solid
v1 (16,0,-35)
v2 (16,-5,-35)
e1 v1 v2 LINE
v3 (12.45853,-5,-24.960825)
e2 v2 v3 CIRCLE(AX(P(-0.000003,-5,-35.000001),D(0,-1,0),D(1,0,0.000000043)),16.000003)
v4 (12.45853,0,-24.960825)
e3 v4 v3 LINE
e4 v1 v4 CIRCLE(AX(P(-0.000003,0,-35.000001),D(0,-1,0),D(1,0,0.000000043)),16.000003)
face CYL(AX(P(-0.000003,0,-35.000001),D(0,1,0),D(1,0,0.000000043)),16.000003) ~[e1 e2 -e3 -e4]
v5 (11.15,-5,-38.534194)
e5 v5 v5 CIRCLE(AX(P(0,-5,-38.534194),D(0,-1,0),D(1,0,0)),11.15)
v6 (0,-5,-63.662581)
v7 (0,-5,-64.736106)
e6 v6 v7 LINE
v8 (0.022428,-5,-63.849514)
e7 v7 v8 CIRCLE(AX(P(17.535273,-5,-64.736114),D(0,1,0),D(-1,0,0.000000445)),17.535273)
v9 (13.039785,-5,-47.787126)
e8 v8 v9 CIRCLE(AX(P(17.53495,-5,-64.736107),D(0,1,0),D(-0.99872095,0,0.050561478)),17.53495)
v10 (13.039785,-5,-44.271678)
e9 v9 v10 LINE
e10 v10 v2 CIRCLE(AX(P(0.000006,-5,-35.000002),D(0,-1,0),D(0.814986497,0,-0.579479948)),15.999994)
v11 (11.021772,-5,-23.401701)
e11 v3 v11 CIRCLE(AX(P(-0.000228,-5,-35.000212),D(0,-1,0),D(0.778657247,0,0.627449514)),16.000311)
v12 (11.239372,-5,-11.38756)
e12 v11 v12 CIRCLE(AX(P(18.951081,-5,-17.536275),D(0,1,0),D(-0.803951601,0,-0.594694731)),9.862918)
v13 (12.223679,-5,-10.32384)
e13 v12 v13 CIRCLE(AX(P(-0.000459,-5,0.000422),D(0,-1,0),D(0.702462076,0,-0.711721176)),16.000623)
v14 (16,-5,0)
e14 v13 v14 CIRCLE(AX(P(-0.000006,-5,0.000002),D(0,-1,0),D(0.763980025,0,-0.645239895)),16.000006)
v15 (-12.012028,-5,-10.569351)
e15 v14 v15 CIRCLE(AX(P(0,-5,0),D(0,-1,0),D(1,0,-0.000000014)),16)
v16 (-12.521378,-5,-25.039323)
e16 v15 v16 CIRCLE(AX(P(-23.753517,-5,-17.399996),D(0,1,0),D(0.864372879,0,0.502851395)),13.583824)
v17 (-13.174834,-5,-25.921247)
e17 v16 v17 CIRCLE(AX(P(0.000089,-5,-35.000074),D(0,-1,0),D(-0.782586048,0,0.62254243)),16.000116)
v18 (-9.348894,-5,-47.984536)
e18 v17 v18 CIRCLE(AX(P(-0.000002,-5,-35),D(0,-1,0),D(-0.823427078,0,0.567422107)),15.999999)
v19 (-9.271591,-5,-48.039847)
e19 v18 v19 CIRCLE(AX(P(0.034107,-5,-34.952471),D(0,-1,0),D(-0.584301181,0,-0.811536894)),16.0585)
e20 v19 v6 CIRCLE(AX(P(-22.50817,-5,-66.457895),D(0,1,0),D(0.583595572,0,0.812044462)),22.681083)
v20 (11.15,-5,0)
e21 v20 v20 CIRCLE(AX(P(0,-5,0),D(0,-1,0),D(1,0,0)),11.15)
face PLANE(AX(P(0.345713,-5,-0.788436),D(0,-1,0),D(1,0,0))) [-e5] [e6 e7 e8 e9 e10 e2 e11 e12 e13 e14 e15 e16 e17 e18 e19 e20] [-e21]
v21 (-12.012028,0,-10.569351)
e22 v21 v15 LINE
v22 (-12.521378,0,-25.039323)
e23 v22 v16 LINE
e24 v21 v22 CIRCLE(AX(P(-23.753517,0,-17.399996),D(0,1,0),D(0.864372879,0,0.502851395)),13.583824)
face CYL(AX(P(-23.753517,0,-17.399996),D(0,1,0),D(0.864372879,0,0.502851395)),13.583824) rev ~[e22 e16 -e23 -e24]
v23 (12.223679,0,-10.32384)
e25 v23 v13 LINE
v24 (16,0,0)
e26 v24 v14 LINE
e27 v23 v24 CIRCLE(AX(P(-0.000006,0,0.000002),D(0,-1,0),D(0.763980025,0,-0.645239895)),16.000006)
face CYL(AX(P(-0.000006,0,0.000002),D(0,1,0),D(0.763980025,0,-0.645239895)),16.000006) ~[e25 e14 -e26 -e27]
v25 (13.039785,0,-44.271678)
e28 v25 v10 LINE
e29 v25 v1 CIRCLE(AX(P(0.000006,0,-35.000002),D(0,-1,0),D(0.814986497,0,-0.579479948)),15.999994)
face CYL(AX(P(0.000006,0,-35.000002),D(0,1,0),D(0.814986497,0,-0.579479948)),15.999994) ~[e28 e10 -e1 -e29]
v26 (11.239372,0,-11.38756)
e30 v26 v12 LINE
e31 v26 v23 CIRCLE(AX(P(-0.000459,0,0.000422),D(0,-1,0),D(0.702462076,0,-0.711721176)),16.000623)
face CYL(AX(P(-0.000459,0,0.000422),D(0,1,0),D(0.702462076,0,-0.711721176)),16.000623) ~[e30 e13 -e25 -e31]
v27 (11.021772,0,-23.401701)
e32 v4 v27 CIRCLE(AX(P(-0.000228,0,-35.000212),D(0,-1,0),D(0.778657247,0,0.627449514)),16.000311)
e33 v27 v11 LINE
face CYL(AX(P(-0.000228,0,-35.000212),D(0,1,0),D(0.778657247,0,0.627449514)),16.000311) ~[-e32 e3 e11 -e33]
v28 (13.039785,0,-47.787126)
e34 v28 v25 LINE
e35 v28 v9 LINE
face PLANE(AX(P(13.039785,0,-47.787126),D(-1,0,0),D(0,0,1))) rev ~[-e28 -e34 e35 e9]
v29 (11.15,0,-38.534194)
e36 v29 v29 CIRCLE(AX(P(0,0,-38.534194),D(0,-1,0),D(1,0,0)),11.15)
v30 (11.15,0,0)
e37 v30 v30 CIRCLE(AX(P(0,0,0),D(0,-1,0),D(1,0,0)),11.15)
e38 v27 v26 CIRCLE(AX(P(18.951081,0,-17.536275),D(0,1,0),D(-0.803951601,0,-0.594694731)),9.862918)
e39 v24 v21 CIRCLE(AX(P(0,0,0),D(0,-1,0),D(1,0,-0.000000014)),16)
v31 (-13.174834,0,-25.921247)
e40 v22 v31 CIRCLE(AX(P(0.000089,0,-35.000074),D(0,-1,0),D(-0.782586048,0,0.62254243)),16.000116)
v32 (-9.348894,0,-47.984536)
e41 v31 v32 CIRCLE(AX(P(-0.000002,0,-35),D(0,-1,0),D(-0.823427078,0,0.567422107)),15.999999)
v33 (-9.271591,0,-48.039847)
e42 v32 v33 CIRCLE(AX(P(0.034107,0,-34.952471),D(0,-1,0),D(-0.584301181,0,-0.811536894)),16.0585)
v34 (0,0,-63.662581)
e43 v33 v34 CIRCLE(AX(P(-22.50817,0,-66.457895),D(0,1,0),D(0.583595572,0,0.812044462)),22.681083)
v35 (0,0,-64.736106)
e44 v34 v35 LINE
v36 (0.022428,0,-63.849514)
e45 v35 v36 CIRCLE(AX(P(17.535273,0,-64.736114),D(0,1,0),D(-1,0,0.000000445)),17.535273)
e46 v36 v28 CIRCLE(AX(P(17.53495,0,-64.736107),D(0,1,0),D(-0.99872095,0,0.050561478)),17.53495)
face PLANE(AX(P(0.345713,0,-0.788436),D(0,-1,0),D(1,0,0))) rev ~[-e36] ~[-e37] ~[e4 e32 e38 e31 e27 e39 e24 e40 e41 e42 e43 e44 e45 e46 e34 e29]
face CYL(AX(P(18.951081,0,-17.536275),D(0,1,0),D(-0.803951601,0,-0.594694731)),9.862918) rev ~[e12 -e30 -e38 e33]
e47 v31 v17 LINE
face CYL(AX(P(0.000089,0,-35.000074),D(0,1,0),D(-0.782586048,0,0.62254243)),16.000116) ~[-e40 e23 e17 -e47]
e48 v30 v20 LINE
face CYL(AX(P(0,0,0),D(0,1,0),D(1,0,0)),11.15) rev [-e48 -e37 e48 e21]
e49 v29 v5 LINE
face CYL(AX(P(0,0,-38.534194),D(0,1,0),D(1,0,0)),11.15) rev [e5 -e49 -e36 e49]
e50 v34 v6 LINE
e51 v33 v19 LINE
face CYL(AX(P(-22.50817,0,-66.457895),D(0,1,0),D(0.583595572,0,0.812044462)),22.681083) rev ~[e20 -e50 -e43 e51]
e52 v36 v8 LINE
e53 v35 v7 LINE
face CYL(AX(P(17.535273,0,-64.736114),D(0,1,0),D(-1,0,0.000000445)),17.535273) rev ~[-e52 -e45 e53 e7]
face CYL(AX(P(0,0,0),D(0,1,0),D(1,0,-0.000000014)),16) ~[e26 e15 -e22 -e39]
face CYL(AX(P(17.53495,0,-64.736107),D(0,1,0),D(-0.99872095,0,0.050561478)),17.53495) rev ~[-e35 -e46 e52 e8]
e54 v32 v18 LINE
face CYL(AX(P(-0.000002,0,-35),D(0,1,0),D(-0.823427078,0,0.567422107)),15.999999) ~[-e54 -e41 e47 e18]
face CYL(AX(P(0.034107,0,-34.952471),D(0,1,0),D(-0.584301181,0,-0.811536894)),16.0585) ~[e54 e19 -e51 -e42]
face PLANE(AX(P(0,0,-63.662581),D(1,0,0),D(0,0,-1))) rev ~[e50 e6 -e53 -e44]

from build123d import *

# Parameters (mm, degrees)
F1_DEPTH = 5
F2_R     = 11.15
F3_DEPTH = 5
F5_COUNT = 3


with BuildPart() as f1:
    # F0 (on Front) → F1 (new body)
    with BuildSketch(Plane.XZ):
        with BuildLine():
            ThreePointArc((12.223679, -10.32384), (15.026291, -5.496414), (16, 0))
            ThreePointArc((16, 0), (-5.648343, 14.969844), (-12.012028, -10.569351))
            ThreePointArc((-12.012028, -10.569351), (-0.562686, -15.990103), (11.239372, -11.38756))
            ThreePointArc((11.239372, -11.38756), (11.711961, -10.837596), (12.223679, -10.32384))
        make_face()
        with BuildLine():
            ThreePointArc((11.239372, -11.38756), (-0.562686, -15.990103), (-12.012028, -10.569351))
            ThreePointArc((-12.012028, -10.569351), (-10.178101, -17.877857), (-12.521378, -25.039323))
            ThreePointArc((-12.521378, -25.039323), (-1.11025, -19.038567), (11.021772, -23.401701))
            ThreePointArc((11.021772, -23.401701), (9.08978, -17.357668), (11.239372, -11.38756))
        make_face()
        with BuildLine():
            ThreePointArc((11.239372, -11.38756), (11.743575, -10.86685), (12.223679, -10.32384))
            ThreePointArc((12.223679, -10.32384), (11.711961, -10.837596), (11.239372, -11.38756))
        make_face()
        with BuildLine():
            ThreePointArc((-13.174834, -25.921247), (-12.839194, -25.486888), (-12.521378, -25.039323))
            ThreePointArc((-12.521378, -25.039323), (-12.855671, -25.47468), (-13.174834, -25.921247))
        make_face()
        with BuildLine():
            ThreePointArc((11.021772, -23.401701), (-1.11025, -19.038567), (-12.521378, -25.039323))
            ThreePointArc((-12.521378, -25.039323), (-12.839194, -25.486888), (-13.174834, -25.921247))
            ThreePointArc((-13.174834, -25.921247), (-15.764732, -37.733723), (-9.348894, -47.984536))
            ThreePointArc((-9.348894, -47.984536), (-9.310283, -48.012249), (-9.271591, -48.039847))
            ThreePointArc((-9.271591, -48.039847), (-4.866336, -50.242007), (0, -51))
            ThreePointArc((0, -51), (7.33666, -49.21877), (13.039785, -44.271678))
            ThreePointArc((13.039785, -44.271678), (15.241991, -39.866387), (16, -35))
            ThreePointArc((16, -35), (15.088679, -29.677241), (12.45853, -24.960825))
            ThreePointArc((12.45853, -24.960825), (11.698135, -24.219982), (11.021772, -23.401701))
        make_face()
        with BuildLine():
            ThreePointArc((12.45853, -24.960825), (11.766004, -24.157439), (11.021772, -23.401701))
            ThreePointArc((11.021772, -23.401701), (11.698135, -24.219982), (12.45853, -24.960825))
        make_face()
        with BuildLine():
            ThreePointArc((0, -51), (-4.866336, -50.242007), (-9.271591, -48.039847))
            ThreePointArc((-9.271591, -48.039847), (-3.003319, -54.882391), (0, -63.662581))
            Line((0, -63.662581), (0, -51))
        make_face()
        with BuildLine():
            Line((13.039785, -47.787126), (13.039785, -44.271678))
            ThreePointArc((13.039785, -44.271678), (7.33666, -49.21877), (0, -51))
            Line((0, -51), (0, -63.662581))
            ThreePointArc((0, -63.662581), (0.011408, -63.756024), (0.022428, -63.849514))
            ThreePointArc((0.022428, -63.849514), (3.912004, -53.695735), (13.039785, -47.787126))
        make_face()
        with BuildLine():
            ThreePointArc((0.022428, -63.849514), (0.011408, -63.756024), (0, -63.662581))
            Line((0, -63.662581), (0, -64.736106))
            ThreePointArc((0, -64.736106), (0.005608, -64.292668), (0.022428, -63.849514))
        make_face()
    extrude(amount=F1_DEPTH)

    # F2 (on Front) → F3 (cut, through all)
    with BuildSketch(Plane.XZ):
        Circle(F2_R)
        with Locations((0, -38.534194)):
            Circle(F2_R)
    extrude(amount=F3_DEPTH, mode=Mode.SUBTRACT)


with BuildPart() as f5_1:
    # F5: instance of F1
    add(f1.part.rotate(Axis((0, 15.020472, 0), (0, 1, 0)), 1 * 360 / F5_COUNT))


with BuildPart() as f5_2:
    # F5: instance of F1
    add(f1.part.rotate(Axis((0, 15.020472, 0), (0, 1, 0)), 2 * 360 / F5_COUNT))


solid = f1.part
